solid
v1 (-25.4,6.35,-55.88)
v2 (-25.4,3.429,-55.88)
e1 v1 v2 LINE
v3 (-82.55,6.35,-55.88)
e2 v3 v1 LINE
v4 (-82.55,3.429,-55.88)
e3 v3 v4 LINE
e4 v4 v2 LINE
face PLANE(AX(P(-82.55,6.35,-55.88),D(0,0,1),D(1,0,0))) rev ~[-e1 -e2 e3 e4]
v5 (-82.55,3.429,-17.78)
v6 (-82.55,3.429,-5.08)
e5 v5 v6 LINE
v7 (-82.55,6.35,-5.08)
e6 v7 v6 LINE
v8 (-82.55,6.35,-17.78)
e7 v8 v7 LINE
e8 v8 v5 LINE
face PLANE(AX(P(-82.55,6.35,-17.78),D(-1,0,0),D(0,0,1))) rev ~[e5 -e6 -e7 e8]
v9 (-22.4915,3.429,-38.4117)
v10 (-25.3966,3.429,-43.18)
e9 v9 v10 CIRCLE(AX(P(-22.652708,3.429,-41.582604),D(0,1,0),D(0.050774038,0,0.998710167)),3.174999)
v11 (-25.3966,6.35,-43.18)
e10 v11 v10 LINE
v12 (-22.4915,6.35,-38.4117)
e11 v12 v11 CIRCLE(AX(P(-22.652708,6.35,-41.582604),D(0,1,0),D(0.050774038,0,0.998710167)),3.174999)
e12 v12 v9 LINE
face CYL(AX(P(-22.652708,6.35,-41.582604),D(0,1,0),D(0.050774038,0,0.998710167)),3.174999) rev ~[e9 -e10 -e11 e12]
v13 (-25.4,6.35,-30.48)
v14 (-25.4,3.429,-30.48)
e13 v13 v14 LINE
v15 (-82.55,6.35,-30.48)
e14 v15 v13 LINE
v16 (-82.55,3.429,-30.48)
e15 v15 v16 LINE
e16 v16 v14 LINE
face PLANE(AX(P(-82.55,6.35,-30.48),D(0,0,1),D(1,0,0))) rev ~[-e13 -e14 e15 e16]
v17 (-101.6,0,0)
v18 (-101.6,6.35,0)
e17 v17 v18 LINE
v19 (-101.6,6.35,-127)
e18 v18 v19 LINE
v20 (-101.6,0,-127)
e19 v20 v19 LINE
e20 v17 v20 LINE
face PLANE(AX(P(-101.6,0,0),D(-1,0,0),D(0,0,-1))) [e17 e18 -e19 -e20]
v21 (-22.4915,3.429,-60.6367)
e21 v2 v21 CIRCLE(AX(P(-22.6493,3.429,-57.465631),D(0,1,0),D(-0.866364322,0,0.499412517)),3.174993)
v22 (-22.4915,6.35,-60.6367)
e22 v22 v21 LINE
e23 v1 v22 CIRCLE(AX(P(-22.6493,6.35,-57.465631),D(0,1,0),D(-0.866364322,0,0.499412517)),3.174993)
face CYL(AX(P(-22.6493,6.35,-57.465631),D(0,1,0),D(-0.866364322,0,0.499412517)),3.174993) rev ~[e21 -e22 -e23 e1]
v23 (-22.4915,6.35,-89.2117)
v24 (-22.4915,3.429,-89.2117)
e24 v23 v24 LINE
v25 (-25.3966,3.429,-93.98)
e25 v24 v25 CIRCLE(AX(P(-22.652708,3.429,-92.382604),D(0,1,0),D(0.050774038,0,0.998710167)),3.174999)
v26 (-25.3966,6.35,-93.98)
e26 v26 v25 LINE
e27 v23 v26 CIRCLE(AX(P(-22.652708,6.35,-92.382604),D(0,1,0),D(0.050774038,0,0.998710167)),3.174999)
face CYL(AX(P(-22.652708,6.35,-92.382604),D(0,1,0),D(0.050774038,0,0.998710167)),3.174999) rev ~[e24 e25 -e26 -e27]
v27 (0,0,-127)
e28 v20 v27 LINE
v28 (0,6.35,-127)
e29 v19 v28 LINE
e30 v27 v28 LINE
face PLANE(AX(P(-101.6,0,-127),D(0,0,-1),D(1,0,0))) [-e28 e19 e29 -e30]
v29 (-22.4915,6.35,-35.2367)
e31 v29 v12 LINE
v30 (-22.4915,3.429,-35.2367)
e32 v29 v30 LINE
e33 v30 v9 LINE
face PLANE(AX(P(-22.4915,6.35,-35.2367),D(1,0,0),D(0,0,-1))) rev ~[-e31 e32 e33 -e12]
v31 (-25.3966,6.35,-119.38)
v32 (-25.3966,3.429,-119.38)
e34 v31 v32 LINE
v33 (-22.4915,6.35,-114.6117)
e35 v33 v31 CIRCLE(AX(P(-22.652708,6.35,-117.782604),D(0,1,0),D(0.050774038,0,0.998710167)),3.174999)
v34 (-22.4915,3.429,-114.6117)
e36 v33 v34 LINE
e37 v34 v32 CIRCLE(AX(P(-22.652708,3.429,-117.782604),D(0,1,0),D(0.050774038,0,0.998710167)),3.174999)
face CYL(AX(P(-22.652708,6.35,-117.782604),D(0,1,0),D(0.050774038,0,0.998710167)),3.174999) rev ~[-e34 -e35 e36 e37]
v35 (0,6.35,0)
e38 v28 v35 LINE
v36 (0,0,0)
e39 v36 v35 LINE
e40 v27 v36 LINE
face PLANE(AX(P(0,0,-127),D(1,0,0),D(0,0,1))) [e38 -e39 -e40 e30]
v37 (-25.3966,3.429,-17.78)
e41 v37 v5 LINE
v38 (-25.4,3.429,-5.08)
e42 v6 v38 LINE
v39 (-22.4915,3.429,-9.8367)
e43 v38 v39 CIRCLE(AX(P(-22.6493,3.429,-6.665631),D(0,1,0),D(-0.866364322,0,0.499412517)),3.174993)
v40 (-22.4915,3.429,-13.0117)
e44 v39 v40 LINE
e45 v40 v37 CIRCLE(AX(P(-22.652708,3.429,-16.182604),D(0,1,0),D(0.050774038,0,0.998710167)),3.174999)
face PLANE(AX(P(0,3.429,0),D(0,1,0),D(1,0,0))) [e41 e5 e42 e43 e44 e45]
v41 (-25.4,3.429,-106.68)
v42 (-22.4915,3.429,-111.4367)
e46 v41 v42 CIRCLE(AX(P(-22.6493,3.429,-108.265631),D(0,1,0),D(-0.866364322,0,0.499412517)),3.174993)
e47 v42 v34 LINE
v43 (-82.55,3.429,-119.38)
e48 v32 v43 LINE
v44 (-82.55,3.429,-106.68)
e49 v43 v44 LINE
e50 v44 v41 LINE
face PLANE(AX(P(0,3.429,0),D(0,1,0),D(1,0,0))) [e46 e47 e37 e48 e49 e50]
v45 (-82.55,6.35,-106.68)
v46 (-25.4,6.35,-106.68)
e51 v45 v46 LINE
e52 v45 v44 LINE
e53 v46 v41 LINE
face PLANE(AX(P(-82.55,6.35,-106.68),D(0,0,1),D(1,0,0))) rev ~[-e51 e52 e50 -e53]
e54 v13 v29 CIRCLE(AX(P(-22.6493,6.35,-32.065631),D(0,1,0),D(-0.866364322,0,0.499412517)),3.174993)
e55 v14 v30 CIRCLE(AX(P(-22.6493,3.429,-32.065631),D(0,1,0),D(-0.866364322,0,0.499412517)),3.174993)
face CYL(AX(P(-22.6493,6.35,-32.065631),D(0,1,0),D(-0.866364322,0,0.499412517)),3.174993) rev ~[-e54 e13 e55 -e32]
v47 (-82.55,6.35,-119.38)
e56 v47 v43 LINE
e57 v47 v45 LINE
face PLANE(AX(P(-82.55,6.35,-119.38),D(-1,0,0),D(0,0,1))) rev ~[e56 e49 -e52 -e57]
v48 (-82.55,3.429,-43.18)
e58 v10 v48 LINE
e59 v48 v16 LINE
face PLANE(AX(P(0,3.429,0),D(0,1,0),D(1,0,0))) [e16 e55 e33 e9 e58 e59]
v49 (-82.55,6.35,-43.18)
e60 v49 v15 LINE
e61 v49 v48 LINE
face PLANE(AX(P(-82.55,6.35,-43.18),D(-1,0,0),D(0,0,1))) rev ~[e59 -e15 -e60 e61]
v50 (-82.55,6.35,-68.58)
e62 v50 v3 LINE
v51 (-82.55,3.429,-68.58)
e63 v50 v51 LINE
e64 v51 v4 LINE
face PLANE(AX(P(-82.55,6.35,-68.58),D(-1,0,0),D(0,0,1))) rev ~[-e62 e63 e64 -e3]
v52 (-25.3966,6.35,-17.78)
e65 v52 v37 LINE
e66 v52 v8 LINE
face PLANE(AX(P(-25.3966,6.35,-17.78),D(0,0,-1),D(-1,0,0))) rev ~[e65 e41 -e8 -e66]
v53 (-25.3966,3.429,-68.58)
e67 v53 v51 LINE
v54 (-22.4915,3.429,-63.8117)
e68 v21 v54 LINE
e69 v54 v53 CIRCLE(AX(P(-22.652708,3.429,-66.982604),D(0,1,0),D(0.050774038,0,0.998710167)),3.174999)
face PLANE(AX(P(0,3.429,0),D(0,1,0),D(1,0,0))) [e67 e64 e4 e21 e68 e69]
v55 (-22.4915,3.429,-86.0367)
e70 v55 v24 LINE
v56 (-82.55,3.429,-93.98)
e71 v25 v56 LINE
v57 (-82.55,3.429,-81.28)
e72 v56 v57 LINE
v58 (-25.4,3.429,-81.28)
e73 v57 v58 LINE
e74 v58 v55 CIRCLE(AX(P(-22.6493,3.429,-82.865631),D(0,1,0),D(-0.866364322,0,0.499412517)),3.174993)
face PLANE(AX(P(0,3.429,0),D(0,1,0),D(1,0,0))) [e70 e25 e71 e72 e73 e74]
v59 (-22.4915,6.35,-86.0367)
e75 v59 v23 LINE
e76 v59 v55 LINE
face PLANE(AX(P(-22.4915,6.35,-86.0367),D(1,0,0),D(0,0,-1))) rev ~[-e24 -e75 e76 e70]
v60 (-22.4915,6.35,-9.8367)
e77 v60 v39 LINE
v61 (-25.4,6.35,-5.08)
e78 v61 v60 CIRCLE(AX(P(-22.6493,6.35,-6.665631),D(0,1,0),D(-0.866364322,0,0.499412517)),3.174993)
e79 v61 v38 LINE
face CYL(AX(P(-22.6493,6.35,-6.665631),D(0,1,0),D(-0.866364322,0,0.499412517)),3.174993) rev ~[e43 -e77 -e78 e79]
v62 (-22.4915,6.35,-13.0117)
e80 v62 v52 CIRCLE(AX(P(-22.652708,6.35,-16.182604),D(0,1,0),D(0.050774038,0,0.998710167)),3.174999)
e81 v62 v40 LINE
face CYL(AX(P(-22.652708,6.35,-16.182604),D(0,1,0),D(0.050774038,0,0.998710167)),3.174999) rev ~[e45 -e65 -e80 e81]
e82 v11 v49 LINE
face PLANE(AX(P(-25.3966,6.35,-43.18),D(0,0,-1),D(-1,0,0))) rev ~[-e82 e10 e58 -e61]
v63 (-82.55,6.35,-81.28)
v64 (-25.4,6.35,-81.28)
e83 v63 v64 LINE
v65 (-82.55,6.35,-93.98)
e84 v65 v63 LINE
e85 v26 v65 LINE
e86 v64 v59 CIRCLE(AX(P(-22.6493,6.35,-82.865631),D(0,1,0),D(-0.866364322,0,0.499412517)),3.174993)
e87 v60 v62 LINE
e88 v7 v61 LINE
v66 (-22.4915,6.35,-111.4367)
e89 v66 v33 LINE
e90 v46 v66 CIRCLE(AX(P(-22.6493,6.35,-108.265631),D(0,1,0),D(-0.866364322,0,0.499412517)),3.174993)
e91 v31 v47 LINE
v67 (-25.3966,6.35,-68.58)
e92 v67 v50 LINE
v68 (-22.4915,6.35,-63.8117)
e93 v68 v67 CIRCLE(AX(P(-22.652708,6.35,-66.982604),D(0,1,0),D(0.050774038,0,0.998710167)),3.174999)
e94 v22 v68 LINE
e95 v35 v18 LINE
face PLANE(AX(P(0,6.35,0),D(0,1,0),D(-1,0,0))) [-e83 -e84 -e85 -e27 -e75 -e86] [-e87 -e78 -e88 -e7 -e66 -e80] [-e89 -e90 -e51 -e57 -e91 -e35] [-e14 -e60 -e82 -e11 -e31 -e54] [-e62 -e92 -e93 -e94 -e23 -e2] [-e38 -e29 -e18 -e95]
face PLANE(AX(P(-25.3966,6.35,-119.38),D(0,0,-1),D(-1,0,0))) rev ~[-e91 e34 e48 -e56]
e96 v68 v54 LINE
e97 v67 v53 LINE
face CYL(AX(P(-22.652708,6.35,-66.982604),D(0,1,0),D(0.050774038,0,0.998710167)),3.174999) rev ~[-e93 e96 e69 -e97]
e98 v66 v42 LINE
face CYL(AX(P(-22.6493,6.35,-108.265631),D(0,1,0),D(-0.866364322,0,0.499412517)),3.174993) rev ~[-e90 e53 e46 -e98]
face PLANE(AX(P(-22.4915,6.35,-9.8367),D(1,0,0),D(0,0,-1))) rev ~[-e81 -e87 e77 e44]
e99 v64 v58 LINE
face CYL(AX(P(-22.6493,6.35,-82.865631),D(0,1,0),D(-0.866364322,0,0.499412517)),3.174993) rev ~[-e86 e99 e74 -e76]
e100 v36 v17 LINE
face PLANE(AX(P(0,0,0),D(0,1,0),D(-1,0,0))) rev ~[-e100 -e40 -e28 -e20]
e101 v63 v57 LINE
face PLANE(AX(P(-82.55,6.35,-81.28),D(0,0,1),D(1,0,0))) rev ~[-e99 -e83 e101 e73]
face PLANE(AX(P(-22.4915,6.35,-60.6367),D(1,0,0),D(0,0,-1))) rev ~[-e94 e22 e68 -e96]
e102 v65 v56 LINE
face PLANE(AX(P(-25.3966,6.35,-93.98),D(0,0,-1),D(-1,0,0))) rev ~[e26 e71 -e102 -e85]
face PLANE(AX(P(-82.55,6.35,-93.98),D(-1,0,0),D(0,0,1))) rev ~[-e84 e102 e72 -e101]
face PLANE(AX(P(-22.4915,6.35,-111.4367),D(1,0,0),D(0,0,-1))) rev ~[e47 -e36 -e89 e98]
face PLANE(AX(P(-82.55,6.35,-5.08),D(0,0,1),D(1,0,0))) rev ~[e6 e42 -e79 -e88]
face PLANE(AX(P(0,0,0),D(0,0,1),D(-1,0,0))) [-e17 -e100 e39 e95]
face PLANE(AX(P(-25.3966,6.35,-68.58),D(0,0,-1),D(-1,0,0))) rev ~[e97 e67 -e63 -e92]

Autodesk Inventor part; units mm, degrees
ref_plane "YZ Plane" through (0, 0, 0) normal (1, 0, 0) x (0, 1, 0)
ref_plane "XZ Plane" through (0, 0, 0) normal (0, 1, 0) x (-1, 0, 0)
ref_plane "XY Plane" through (0, 0, 0) normal (0, 0, 1) x (1, 0, 0)
sketch "Sketch1" plane through (0, 0, 0) normal (0, 1, 0) x (-1, 0, 0)
  line L0 (0, 0) -> (101.6, 0)
  line L1 (101.6, 0) -> (101.6, -127)
  line L2 (101.6, -127) -> (0, -127)
  line L3 (0, -127) -> (0, 0)
  dimension "d0" = 101.6
  dimension "d1" = 127
extrude "Extrusion1" add sketch "Sketch1" along normal blind 6.35
sketch "Sketch2" plane through (0, 6.35, 0) normal (0, 1, 0) x (1, 0, 0)
  line L0 (-82.55, 5.08) -> (-25.4, 5.08)
  line L1 (-22.4915, 9.8367) -> (-22.4915, 13.0117)
  line L2 (-25.3966, 17.78) -> (-82.55, 17.78)
  line L3 (-82.55, 17.78) -> (-82.55, 5.08)
  arc A0 (-25.4, 5.08) -> (-22.4915, 9.8367) centre (-22.6493, 6.6656) ccw
  arc A1 (-22.4915, 13.0117) -> (-25.3966, 17.78) centre (-22.6527, 16.1826) ccw
  line L4 (-101.6, 127) -> (-101.6, 0) projected
  line L5 (-101.6, 0) -> (0, 0) projected
  line L6 (-82.55, 30.48) -> (-25.4, 30.48)
  line L7 (-22.4915, 35.2367) -> (-22.4915, 38.4117)
  line L8 (-25.3966, 43.18) -> (-82.55, 43.18)
  line L9 (-82.55, 43.18) -> (-82.55, 30.48)
  arc A2 (-25.4, 30.48) -> (-22.4915, 35.2367) centre (-22.6493, 32.0656) ccw
  arc A3 (-22.4915, 38.4117) -> (-25.3966, 43.18) centre (-22.6527, 41.5826) ccw
  line L10 (-82.55, 55.88) -> (-25.4, 55.88)
  line L11 (-22.4915, 60.6367) -> (-22.4915, 63.8117)
  line L12 (-25.3966, 68.58) -> (-82.55, 68.58)
  line L13 (-82.55, 68.58) -> (-82.55, 55.88)
  arc A4 (-25.4, 55.88) -> (-22.4915, 60.6367) centre (-22.6493, 57.4656) ccw
  arc A5 (-22.4915, 63.8117) -> (-25.3966, 68.58) centre (-22.6527, 66.9826) ccw
  line L14 (-82.55, 81.28) -> (-25.4, 81.28)
  line L15 (-22.4915, 86.0367) -> (-22.4915, 89.2117)
  line L16 (-25.3966, 93.98) -> (-82.55, 93.98)
  line L17 (-82.55, 93.98) -> (-82.55, 81.28)
  arc A6 (-25.4, 81.28) -> (-22.4915, 86.0367) centre (-22.6493, 82.8656) ccw
  arc A7 (-22.4915, 89.2117) -> (-25.3966, 93.98) centre (-22.6527, 92.3826) ccw
  line L18 (-82.55, 106.68) -> (-25.4, 106.68)
  line L19 (-22.4915, 111.4367) -> (-22.4915, 114.6117)
  line L20 (-25.3966, 119.38) -> (-82.55, 119.38)
  line L21 (-82.55, 119.38) -> (-82.55, 106.68)
  arc A8 (-25.4, 106.68) -> (-22.4915, 111.4367) centre (-22.6493, 108.2656) ccw
  arc A9 (-22.4915, 114.6117) -> (-25.3966, 119.38) centre (-22.6527, 117.7826) ccw
  point P0 (-82.55, 11.43)
  point P1 (-82.55, 36.83)
  point P2 (-82.55, 62.23)
  point P3 (-82.55, 87.63)
  point P4 (-82.55, 113.03)
  dimension "d5" = 12.7
  dimension "d6" = 6.35
  dimension "d7" = 6.35
  dimension "d8" = 3.175
  dimension "d9" = 57.15
  dimension "d10" = 19.05
  dimension "d11" = 5.08
  dimension "d14" = 25.4
extrude "Extrusion2" cut sketch "Sketch2" against normal blind 2.921
properties part number "mold plate with alignment"
